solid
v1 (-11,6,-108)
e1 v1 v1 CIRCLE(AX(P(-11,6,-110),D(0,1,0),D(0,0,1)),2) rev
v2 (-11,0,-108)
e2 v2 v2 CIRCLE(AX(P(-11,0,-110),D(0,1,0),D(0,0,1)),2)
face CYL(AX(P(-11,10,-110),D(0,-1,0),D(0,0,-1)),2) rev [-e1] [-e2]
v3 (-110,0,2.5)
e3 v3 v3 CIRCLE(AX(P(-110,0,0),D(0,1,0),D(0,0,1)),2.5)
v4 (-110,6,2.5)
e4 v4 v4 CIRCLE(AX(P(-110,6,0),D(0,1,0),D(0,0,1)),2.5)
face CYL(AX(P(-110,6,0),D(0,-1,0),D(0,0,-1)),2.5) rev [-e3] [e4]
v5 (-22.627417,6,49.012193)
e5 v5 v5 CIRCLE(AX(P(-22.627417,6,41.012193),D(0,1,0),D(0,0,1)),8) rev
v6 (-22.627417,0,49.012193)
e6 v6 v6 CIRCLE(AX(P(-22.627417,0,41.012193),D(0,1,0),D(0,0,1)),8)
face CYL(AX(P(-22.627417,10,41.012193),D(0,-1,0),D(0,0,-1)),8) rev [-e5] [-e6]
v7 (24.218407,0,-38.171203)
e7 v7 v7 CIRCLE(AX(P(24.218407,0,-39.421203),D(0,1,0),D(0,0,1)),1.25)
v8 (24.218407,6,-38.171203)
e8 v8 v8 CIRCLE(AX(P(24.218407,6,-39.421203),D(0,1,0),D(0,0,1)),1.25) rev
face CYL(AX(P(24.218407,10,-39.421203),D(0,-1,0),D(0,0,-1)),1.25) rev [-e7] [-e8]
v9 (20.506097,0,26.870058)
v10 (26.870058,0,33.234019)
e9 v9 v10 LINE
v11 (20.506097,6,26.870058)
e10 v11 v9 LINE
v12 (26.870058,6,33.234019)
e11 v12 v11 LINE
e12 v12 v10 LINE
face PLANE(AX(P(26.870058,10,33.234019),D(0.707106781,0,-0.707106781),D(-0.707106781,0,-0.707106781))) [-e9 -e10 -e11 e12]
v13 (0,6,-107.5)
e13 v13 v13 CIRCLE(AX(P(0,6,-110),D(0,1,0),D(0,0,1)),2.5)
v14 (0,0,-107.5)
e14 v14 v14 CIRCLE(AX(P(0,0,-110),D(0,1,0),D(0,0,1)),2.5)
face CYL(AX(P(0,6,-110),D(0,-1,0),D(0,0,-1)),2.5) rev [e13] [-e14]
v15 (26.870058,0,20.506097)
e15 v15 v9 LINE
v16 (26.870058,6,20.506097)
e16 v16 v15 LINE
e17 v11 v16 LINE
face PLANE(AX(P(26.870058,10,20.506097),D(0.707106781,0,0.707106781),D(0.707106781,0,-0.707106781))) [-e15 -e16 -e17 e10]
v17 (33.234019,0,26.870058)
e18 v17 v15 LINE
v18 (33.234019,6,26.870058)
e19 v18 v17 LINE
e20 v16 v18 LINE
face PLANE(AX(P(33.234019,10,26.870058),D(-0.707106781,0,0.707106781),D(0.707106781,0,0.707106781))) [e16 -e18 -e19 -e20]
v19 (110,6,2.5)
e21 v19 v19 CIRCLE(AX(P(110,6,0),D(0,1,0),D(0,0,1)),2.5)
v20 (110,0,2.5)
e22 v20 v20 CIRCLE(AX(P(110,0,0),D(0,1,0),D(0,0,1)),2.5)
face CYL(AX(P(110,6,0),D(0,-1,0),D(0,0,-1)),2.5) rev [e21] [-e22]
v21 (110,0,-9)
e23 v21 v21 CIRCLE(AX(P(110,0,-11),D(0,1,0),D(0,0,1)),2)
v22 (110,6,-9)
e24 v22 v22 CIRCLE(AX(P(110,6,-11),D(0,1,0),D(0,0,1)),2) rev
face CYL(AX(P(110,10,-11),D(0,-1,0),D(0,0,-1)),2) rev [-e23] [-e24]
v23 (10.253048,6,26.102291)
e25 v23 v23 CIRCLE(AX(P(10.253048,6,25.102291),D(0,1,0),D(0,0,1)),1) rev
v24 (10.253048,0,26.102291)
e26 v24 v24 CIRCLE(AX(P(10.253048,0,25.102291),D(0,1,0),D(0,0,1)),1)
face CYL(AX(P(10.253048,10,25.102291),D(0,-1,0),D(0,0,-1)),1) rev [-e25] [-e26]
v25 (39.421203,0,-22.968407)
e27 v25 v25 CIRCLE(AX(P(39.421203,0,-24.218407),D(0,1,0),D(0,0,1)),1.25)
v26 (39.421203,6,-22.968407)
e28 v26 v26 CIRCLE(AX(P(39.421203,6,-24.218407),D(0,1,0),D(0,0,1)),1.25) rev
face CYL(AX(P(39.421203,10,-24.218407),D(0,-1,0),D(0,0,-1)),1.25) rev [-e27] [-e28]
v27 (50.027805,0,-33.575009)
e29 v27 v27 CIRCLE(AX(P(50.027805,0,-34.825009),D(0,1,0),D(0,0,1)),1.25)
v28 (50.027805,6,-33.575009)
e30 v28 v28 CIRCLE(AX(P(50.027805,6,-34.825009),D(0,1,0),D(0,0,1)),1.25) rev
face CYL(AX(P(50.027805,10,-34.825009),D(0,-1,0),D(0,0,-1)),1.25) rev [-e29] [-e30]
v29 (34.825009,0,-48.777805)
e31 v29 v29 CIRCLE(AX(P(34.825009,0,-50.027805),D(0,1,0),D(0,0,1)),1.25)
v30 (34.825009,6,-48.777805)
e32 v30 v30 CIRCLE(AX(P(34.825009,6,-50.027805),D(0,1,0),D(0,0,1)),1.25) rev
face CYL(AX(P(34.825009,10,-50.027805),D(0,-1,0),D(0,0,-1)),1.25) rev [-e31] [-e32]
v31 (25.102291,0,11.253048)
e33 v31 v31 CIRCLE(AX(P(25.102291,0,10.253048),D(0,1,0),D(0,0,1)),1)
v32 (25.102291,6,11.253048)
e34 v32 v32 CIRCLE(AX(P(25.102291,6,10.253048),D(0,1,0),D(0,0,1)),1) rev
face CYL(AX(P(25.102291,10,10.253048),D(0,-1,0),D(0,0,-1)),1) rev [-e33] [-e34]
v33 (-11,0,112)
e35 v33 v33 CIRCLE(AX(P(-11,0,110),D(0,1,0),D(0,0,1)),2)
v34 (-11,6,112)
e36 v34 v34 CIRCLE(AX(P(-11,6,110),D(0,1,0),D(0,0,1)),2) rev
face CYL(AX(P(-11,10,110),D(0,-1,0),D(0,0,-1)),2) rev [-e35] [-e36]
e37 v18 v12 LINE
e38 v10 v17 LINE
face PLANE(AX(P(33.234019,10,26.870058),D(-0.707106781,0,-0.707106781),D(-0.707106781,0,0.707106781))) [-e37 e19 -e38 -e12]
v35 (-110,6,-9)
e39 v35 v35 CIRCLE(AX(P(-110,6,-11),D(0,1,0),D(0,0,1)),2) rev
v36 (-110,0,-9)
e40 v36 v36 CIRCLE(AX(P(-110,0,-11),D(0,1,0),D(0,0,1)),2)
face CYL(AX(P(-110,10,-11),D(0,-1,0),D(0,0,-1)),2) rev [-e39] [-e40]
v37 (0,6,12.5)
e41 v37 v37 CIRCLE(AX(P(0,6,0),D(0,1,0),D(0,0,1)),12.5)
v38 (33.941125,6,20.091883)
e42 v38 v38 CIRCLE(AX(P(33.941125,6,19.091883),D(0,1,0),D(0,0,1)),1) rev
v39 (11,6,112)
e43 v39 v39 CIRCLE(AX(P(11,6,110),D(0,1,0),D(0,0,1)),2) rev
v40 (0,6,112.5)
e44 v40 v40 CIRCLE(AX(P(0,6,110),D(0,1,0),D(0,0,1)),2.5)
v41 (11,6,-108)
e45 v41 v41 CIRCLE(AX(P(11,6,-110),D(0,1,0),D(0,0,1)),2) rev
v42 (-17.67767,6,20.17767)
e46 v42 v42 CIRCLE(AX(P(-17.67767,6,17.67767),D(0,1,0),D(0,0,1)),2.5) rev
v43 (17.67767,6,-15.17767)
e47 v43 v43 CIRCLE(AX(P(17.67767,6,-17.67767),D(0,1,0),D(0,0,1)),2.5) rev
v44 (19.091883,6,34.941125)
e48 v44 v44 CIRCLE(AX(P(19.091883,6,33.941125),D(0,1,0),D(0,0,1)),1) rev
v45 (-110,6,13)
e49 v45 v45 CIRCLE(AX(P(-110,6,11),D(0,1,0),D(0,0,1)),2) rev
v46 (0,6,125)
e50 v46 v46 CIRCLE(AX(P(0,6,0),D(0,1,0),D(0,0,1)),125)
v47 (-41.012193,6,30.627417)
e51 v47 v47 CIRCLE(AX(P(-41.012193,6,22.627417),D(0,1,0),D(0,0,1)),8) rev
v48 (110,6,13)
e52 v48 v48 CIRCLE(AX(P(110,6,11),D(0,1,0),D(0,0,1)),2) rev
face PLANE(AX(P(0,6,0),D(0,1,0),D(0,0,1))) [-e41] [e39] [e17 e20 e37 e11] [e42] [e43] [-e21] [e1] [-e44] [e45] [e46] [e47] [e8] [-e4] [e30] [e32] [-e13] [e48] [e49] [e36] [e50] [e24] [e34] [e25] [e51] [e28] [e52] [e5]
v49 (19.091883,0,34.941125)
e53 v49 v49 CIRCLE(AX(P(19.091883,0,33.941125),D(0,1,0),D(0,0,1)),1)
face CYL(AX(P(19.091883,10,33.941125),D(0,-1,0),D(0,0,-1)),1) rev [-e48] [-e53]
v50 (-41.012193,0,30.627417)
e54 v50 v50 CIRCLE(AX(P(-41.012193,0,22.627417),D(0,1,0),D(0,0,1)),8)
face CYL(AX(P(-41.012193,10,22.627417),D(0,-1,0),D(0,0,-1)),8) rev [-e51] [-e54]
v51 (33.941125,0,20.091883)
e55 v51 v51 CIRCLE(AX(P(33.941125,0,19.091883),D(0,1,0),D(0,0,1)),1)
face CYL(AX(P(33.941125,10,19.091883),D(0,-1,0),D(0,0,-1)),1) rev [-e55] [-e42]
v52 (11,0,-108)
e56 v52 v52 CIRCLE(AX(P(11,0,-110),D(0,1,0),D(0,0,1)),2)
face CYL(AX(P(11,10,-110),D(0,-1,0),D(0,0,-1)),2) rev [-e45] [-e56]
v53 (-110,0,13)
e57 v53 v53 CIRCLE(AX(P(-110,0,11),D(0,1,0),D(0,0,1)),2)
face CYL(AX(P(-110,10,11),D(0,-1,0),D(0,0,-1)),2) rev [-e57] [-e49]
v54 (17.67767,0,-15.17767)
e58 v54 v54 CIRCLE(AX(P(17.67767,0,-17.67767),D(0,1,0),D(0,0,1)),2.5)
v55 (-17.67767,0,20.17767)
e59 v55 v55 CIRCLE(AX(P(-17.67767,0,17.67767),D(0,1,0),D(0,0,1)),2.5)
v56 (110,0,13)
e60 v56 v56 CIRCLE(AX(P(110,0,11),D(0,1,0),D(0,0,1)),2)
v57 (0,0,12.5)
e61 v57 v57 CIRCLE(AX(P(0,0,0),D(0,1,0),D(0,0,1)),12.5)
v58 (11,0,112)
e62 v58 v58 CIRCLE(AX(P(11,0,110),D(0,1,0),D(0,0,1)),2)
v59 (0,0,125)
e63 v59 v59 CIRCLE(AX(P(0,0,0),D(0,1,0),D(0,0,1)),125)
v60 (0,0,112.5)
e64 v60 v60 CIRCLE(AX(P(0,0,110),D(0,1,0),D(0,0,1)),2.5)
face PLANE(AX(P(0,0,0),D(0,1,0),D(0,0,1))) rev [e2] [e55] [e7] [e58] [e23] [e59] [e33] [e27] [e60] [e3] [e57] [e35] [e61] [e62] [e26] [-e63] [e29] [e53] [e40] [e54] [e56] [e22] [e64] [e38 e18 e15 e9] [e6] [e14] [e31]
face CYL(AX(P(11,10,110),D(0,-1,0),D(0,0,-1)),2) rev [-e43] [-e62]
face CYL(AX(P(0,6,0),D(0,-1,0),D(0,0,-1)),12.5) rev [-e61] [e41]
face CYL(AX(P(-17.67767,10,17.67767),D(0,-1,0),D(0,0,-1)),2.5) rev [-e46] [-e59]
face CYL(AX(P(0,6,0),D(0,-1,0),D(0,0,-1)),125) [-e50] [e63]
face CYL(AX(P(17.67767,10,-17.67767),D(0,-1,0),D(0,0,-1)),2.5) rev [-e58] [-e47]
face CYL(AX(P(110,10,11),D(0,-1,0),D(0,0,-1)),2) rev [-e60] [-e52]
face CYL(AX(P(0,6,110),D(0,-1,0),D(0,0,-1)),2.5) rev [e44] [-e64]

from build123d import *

# Parameters (mm, degrees)
SKETCH1_R           = 125
BOSS_EXTRUDE1_DEPTH = 6
SKETCH2_R           = 2.5
CUT_EXTRUDE1_DEPTH  = 6
SKETCH3_R           = 12.5
CUT_EXTRUDE2_DEPTH  = 6
SKETCH5_R           = 2.5
CUT_EXTRUDE4_DEPTH  = 10
SKETCH7_R           = 1
CUT_EXTRUDE7_DEPTH  = 10
SKETCH8_R           = 2
CUT_EXTRUDE8_DEPTH  = 10
SKETCH9_R           = 1.25
CUT_EXTRUDE9_DEPTH  = 10
SKETCH10_R          = 8
CUT_EXTRUDE10_DEPTH = 10


with BuildPart() as part:
    # Sketch1 → Boss-Extrude1 (new body)
    with BuildSketch(Plane(origin=(0, 0, 0), x_dir=(1, 0, 0), z_dir=(0, 1, 0))):
        Circle(SKETCH1_R)
    extrude(amount=BOSS_EXTRUDE1_DEPTH)

    # Sketch2 → Cut-Extrude1 (cut)
    with BuildSketch(Plane(origin=(0, 0, 0), x_dir=(1, 0, 0), z_dir=(0, 1, 0))):
        with Locations((0, 110)):
            Circle(SKETCH2_R)
        with Locations((110, 0)):
            Circle(SKETCH2_R)
        with Locations((0, -110)):
            Circle(SKETCH2_R)
        with Locations((-110, 0)):
            Circle(SKETCH2_R)
    extrude(amount=CUT_EXTRUDE1_DEPTH, mode=Mode.SUBTRACT)

    # Sketch3 → Cut-Extrude2 (cut)
    with BuildSketch(Plane(origin=(0, 0, 0), x_dir=(1, 0, 0), z_dir=(0, 1, 0))):
        Circle(SKETCH3_R)
    extrude(amount=CUT_EXTRUDE2_DEPTH, mode=Mode.SUBTRACT)

    # Sketch5 → Cut-Extrude4 (cut)
    with BuildSketch(Plane(origin=(0, 0, 0), x_dir=(1, 0, 0), z_dir=(0, 1, 0))):
        with Locations((17.67766953, 17.67766953)):
            Circle(SKETCH5_R)
        with Locations((-17.67766953, -17.67766953)):
            Circle(SKETCH5_R)
    extrude(amount=CUT_EXTRUDE4_DEPTH, mode=Mode.SUBTRACT)

    # Sketch7 → Cut-Extrude7 (cut)
    with BuildSketch(Plane(origin=(0, 0, 0), x_dir=(1, 0, 0), z_dir=(0, 1, 0))):
        with Locations((33.941125497, -19.091883092)):
            Circle(SKETCH7_R)
        with Locations((19.091883092, -33.941125497)):
            Circle(SKETCH7_R)
        with Locations((25.102290732, -10.253048327)):
            Circle(SKETCH7_R)
        with Locations((10.253048327, -25.102290732)):
            Circle(SKETCH7_R)
        Polygon((33.234018716, -26.870057685), (26.870057685, -33.234018716), (20.506096654, -26.870057685), (26.870057685, -20.506096654), align=None)
    extrude(amount=CUT_EXTRUDE7_DEPTH, mode=Mode.SUBTRACT)

    # Sketch8 → Cut-Extrude8 (cut)
    with BuildSketch(Plane(origin=(0, 0, 0), x_dir=(1, 0, 0), z_dir=(0, 1, 0))):
        with Locations((-11, -110)):
            Circle(SKETCH8_R)
        with Locations((11, -110)):
            Circle(SKETCH8_R)
        with Locations((-110, 11)):
            Circle(SKETCH8_R)
        with Locations((-110, -11)):
            Circle(SKETCH8_R)
        with Locations((11, 110)):
            Circle(SKETCH8_R)
        with Locations((-11, 110)):
            Circle(SKETCH8_R)
        with Locations((110, -11)):
            Circle(SKETCH8_R)
        with Locations((110, 11)):
            Circle(SKETCH8_R)
    extrude(amount=CUT_EXTRUDE8_DEPTH, mode=Mode.SUBTRACT)

    # Sketch9 → Cut-Extrude9 (cut)
    with BuildSketch(Plane(origin=(0, 0, 0), x_dir=(1, 0, 0), z_dir=(0, 1, 0))):
        with Locations((34.825008975, 50.027804771)):
            Circle(SKETCH9_R)
        with Locations((24.218407257, 39.421203053)):
            Circle(SKETCH9_R)
        with Locations((39.421203053, 24.218407258)):
            Circle(SKETCH9_R)
        with Locations((50.027804771, 34.825008975)):
            Circle(SKETCH9_R)
    extrude(amount=CUT_EXTRUDE9_DEPTH, mode=Mode.SUBTRACT)

    # Sketch10 → Cut-Extrude10 (cut)
    with BuildSketch(Plane(origin=(0, 0, 0), x_dir=(1, 0, 0), z_dir=(0, 1, 0))):
        with Locations((-22.627416998, -41.012193309)):
            Circle(SKETCH10_R)
        with Locations((-41.012193309, -22.627416998)):
            Circle(SKETCH10_R)
    extrude(amount=CUT_EXTRUDE10_DEPTH, mode=Mode.SUBTRACT)


solid = part.part
